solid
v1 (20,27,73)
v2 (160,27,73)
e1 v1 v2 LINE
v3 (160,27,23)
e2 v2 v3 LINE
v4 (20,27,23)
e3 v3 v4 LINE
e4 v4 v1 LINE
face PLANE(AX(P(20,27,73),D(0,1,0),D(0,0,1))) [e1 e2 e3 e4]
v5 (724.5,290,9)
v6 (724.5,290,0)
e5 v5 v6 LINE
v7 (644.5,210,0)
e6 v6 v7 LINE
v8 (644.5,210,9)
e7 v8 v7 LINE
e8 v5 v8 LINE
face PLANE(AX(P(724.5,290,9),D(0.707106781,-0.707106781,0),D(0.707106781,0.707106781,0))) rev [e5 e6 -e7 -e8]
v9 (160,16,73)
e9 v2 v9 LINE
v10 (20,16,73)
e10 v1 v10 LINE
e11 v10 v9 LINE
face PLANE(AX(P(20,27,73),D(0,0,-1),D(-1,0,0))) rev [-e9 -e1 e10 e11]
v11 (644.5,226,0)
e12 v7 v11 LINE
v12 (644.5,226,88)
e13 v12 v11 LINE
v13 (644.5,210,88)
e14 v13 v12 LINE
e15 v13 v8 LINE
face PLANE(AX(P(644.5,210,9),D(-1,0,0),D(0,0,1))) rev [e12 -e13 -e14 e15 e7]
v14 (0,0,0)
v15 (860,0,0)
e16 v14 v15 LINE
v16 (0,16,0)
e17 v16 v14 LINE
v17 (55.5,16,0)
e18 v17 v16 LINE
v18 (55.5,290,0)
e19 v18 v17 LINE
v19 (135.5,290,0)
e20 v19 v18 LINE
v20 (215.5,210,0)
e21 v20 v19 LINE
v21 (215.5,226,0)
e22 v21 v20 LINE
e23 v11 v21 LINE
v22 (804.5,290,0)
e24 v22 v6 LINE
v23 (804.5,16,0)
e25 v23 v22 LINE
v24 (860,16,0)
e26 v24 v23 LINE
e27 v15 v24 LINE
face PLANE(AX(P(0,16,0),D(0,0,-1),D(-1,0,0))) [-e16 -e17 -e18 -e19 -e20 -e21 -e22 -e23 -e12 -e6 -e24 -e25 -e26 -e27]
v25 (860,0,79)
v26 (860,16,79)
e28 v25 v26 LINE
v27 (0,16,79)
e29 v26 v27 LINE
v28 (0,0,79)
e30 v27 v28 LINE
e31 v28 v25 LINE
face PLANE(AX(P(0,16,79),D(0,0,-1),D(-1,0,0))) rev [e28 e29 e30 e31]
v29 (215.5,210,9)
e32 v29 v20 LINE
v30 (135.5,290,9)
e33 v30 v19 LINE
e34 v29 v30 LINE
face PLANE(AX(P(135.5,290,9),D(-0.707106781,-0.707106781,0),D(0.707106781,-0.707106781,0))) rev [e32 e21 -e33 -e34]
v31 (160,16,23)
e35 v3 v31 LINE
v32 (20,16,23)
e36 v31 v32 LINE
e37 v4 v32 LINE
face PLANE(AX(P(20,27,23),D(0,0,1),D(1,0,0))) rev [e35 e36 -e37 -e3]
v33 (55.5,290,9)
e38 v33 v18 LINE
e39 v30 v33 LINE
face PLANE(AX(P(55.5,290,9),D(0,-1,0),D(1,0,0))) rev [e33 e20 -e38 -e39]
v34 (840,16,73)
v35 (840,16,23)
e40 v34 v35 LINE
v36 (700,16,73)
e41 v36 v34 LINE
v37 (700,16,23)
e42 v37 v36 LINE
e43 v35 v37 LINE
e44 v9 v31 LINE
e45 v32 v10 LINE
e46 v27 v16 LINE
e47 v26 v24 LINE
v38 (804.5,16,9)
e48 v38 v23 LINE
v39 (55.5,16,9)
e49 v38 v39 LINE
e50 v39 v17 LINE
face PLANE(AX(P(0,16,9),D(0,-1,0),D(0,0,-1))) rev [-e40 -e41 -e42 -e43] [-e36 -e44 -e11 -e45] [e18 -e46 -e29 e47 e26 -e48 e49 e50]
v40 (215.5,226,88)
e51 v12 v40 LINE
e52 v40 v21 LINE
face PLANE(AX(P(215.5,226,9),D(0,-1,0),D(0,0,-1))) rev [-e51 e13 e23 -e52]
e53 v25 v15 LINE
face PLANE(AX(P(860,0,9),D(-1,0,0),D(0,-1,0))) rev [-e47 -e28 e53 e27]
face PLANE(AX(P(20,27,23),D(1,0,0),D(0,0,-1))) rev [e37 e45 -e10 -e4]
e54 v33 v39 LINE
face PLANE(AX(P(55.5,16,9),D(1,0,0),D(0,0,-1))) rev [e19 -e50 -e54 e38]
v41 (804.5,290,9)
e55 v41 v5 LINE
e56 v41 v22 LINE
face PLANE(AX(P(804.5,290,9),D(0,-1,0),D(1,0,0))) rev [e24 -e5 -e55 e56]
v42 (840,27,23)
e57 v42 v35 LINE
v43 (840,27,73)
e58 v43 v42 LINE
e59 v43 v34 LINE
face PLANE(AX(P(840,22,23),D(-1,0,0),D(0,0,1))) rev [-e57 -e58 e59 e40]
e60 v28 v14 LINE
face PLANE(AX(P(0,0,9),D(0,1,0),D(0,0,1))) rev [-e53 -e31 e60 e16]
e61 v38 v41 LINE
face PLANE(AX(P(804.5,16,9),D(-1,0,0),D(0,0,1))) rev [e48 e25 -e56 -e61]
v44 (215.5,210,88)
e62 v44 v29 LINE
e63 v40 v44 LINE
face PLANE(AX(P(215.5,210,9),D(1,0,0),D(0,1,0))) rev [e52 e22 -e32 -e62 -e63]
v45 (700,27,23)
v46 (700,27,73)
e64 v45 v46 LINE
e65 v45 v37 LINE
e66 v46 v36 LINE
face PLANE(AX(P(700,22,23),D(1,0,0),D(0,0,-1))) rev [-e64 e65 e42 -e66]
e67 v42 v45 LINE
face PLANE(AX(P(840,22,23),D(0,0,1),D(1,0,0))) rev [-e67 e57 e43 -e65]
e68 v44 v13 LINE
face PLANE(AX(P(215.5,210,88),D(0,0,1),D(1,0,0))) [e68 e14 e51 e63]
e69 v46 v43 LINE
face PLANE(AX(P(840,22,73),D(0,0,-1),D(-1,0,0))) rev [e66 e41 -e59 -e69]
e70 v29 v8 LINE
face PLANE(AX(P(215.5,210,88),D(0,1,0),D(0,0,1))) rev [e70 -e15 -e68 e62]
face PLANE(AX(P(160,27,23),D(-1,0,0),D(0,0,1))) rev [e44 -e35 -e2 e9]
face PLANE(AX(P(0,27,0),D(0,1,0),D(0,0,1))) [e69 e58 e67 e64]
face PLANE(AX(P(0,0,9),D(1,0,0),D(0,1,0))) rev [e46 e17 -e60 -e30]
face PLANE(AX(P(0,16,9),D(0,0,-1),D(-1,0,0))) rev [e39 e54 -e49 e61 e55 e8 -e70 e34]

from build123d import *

# Parameters (mm, degrees)
SKETCH_1_R             = 13
EXTRUDE_2_DEPTH        = 9
SKETCH_3_W             = 860
SKETCH_3_H             = 16
EXTRUDE_3_DEPTH        = 70
SKETCH_4_W             = 140
SKETCH_4_H             = 50
EXTRUDE_5_DEPTH        = 11
SKETCH_5_R             = 13
CUT_EXTRUDE_2_DEPTH    = 903.779042734
PATTERN_LINEAR_1_COUNT = 2
PATTERN_LINEAR_1_PITCH = 80
SKETCH_6_W             = 140
SKETCH_6_H             = 50
EXTRUDE_6_DEPTH        = 6
SKETCH_7_R             = 13
CUT_EXTRUDE_3_DEPTH    = 905.248306606
PATTERN_LINEAR_2_COUNT = 2
PATTERN_LINEAR_2_PITCH = 80
SKETCH_10_W            = 429
SKETCH_10_H            = 16
EXTRUDE_8_DEPTH        = 79
EXTRUDE_9_DEPTH        = 9
SKETCH_12_W            = 140
SKETCH_12_H            = 50
EXTRUDE_10_DEPTH       = 27


with BuildPart() as part:
    # 草图1 → 凸台-拉伸2 (new body)
    with BuildSketch(Plane.XY):
        Polygon((0, 0), (860, 0), (860, 16), (804.5, 16), (804.5, 290), (724.5, 290), (644.5, 210), (644.5, 226), (215.5, 226), (215.5, 210), (135.5, 290), (55.5, 290), (55.5, 16), (0, 16), align=None)
        with Locations((95.5, 90)):
            Circle(SKETCH_1_R, mode=Mode.SUBTRACT)
        with Locations((95.5, 170)):
            Circle(SKETCH_1_R, mode=Mode.SUBTRACT)
        with Locations((95.5, 250)):
            Circle(SKETCH_1_R, mode=Mode.SUBTRACT)
        with Locations((764.5, 90)):
            Circle(SKETCH_1_R, mode=Mode.SUBTRACT)
        with Locations((764.5, 170)):
            Circle(SKETCH_1_R, mode=Mode.SUBTRACT)
        with Locations((764.5, 250)):
            Circle(SKETCH_1_R, mode=Mode.SUBTRACT)
    extrude(amount=EXTRUDE_2_DEPTH)

    # 草图3 → 凸台-拉伸3 (add)
    with BuildSketch(Plane.XY.offset(9)):
        with Locations((430, 8)):
            Rectangle(SKETCH_3_W, SKETCH_3_H)
    extrude(amount=EXTRUDE_3_DEPTH)

    # 草图4 → 凸台-拉伸5 (add)
    with BuildSketch(Plane(origin=(0, 16, 0), x_dir=(1, 0, 0), z_dir=(0, 1, 0))):
        with Locations((90, -48)):
            Rectangle(SKETCH_4_W, SKETCH_4_H)
    extrude(amount=EXTRUDE_5_DEPTH)

    # 草图5 → 切除-拉伸2 (cut, through all)
    with BuildSketch(Plane(origin=(0, 27, 0), x_dir=(1, 0, 0), z_dir=(0, 1, 0))):
        with Locations(Location((40, -48, 0), (0, 0, 270))):
            Circle(SKETCH_5_R)
    cut_extrude_2 = extrude(amount=-CUT_EXTRUDE_2_DEPTH, mode=Mode.SUBTRACT)

    # 阵列(线性)1: 切除-拉伸2 ×2
    with Locations(*[(i * PATTERN_LINEAR_1_PITCH, 0, 0) for i in range(1, PATTERN_LINEAR_1_COUNT)]):
        add(cut_extrude_2, mode=Mode.SUBTRACT)

    # 草图6 → 凸台-拉伸6 (add)
    with BuildSketch(Plane(origin=(0, 16, 0), x_dir=(1, 0, 0), z_dir=(0, 1, 0))):
        with Locations((770, -48)):
            Rectangle(SKETCH_6_W, SKETCH_6_H)
    extrude(amount=EXTRUDE_6_DEPTH)

    # 草图7 → 切除-拉伸3 (cut, through all)
    with BuildSketch(Plane(origin=(0, 22, 0), x_dir=(1, 0, 0), z_dir=(0, 1, 0))):
        with Locations(Location((820, -48, 0), (0, 0, 270))):
            Circle(SKETCH_7_R)
    cut_extrude_3 = extrude(amount=-CUT_EXTRUDE_3_DEPTH, mode=Mode.SUBTRACT)

    # 阵列(线性)2: 切除-拉伸3 ×2
    with Locations(*[(-i * PATTERN_LINEAR_2_PITCH, 0, 0) for i in range(1, PATTERN_LINEAR_2_COUNT)]):
        add(cut_extrude_3, mode=Mode.SUBTRACT)

    # 草图10 → 凸台-拉伸8 (add)
    with BuildSketch(Plane.XY.offset(9)):
        with Locations((430, 218)):
            Rectangle(SKETCH_10_W, SKETCH_10_H)
    extrude(amount=EXTRUDE_8_DEPTH)

    # 草图11 → 凸台-拉伸9 (add)
    with BuildSketch(Plane.XY.offset(9)):
        Polygon((55.5, 290), (135.5, 290), (215.5, 210), (644.5, 210), (724.5, 290), (804.5, 290), (804.5, 16), (55.5, 16), align=None)
    extrude(amount=-EXTRUDE_9_DEPTH)

    # 草图12 → 凸台-拉伸10 (add)
    with BuildSketch(Plane(origin=(0, 27, 0), x_dir=(1, 0, 0), z_dir=(0, 1, 0))):
        with Locations((90, -48)):
            Rectangle(SKETCH_12_W, SKETCH_12_H)
        with Locations((770, -48)):
            Rectangle(SKETCH_12_W, SKETCH_12_H)
    extrude(amount=-EXTRUDE_10_DEPTH)


solid = part.part
